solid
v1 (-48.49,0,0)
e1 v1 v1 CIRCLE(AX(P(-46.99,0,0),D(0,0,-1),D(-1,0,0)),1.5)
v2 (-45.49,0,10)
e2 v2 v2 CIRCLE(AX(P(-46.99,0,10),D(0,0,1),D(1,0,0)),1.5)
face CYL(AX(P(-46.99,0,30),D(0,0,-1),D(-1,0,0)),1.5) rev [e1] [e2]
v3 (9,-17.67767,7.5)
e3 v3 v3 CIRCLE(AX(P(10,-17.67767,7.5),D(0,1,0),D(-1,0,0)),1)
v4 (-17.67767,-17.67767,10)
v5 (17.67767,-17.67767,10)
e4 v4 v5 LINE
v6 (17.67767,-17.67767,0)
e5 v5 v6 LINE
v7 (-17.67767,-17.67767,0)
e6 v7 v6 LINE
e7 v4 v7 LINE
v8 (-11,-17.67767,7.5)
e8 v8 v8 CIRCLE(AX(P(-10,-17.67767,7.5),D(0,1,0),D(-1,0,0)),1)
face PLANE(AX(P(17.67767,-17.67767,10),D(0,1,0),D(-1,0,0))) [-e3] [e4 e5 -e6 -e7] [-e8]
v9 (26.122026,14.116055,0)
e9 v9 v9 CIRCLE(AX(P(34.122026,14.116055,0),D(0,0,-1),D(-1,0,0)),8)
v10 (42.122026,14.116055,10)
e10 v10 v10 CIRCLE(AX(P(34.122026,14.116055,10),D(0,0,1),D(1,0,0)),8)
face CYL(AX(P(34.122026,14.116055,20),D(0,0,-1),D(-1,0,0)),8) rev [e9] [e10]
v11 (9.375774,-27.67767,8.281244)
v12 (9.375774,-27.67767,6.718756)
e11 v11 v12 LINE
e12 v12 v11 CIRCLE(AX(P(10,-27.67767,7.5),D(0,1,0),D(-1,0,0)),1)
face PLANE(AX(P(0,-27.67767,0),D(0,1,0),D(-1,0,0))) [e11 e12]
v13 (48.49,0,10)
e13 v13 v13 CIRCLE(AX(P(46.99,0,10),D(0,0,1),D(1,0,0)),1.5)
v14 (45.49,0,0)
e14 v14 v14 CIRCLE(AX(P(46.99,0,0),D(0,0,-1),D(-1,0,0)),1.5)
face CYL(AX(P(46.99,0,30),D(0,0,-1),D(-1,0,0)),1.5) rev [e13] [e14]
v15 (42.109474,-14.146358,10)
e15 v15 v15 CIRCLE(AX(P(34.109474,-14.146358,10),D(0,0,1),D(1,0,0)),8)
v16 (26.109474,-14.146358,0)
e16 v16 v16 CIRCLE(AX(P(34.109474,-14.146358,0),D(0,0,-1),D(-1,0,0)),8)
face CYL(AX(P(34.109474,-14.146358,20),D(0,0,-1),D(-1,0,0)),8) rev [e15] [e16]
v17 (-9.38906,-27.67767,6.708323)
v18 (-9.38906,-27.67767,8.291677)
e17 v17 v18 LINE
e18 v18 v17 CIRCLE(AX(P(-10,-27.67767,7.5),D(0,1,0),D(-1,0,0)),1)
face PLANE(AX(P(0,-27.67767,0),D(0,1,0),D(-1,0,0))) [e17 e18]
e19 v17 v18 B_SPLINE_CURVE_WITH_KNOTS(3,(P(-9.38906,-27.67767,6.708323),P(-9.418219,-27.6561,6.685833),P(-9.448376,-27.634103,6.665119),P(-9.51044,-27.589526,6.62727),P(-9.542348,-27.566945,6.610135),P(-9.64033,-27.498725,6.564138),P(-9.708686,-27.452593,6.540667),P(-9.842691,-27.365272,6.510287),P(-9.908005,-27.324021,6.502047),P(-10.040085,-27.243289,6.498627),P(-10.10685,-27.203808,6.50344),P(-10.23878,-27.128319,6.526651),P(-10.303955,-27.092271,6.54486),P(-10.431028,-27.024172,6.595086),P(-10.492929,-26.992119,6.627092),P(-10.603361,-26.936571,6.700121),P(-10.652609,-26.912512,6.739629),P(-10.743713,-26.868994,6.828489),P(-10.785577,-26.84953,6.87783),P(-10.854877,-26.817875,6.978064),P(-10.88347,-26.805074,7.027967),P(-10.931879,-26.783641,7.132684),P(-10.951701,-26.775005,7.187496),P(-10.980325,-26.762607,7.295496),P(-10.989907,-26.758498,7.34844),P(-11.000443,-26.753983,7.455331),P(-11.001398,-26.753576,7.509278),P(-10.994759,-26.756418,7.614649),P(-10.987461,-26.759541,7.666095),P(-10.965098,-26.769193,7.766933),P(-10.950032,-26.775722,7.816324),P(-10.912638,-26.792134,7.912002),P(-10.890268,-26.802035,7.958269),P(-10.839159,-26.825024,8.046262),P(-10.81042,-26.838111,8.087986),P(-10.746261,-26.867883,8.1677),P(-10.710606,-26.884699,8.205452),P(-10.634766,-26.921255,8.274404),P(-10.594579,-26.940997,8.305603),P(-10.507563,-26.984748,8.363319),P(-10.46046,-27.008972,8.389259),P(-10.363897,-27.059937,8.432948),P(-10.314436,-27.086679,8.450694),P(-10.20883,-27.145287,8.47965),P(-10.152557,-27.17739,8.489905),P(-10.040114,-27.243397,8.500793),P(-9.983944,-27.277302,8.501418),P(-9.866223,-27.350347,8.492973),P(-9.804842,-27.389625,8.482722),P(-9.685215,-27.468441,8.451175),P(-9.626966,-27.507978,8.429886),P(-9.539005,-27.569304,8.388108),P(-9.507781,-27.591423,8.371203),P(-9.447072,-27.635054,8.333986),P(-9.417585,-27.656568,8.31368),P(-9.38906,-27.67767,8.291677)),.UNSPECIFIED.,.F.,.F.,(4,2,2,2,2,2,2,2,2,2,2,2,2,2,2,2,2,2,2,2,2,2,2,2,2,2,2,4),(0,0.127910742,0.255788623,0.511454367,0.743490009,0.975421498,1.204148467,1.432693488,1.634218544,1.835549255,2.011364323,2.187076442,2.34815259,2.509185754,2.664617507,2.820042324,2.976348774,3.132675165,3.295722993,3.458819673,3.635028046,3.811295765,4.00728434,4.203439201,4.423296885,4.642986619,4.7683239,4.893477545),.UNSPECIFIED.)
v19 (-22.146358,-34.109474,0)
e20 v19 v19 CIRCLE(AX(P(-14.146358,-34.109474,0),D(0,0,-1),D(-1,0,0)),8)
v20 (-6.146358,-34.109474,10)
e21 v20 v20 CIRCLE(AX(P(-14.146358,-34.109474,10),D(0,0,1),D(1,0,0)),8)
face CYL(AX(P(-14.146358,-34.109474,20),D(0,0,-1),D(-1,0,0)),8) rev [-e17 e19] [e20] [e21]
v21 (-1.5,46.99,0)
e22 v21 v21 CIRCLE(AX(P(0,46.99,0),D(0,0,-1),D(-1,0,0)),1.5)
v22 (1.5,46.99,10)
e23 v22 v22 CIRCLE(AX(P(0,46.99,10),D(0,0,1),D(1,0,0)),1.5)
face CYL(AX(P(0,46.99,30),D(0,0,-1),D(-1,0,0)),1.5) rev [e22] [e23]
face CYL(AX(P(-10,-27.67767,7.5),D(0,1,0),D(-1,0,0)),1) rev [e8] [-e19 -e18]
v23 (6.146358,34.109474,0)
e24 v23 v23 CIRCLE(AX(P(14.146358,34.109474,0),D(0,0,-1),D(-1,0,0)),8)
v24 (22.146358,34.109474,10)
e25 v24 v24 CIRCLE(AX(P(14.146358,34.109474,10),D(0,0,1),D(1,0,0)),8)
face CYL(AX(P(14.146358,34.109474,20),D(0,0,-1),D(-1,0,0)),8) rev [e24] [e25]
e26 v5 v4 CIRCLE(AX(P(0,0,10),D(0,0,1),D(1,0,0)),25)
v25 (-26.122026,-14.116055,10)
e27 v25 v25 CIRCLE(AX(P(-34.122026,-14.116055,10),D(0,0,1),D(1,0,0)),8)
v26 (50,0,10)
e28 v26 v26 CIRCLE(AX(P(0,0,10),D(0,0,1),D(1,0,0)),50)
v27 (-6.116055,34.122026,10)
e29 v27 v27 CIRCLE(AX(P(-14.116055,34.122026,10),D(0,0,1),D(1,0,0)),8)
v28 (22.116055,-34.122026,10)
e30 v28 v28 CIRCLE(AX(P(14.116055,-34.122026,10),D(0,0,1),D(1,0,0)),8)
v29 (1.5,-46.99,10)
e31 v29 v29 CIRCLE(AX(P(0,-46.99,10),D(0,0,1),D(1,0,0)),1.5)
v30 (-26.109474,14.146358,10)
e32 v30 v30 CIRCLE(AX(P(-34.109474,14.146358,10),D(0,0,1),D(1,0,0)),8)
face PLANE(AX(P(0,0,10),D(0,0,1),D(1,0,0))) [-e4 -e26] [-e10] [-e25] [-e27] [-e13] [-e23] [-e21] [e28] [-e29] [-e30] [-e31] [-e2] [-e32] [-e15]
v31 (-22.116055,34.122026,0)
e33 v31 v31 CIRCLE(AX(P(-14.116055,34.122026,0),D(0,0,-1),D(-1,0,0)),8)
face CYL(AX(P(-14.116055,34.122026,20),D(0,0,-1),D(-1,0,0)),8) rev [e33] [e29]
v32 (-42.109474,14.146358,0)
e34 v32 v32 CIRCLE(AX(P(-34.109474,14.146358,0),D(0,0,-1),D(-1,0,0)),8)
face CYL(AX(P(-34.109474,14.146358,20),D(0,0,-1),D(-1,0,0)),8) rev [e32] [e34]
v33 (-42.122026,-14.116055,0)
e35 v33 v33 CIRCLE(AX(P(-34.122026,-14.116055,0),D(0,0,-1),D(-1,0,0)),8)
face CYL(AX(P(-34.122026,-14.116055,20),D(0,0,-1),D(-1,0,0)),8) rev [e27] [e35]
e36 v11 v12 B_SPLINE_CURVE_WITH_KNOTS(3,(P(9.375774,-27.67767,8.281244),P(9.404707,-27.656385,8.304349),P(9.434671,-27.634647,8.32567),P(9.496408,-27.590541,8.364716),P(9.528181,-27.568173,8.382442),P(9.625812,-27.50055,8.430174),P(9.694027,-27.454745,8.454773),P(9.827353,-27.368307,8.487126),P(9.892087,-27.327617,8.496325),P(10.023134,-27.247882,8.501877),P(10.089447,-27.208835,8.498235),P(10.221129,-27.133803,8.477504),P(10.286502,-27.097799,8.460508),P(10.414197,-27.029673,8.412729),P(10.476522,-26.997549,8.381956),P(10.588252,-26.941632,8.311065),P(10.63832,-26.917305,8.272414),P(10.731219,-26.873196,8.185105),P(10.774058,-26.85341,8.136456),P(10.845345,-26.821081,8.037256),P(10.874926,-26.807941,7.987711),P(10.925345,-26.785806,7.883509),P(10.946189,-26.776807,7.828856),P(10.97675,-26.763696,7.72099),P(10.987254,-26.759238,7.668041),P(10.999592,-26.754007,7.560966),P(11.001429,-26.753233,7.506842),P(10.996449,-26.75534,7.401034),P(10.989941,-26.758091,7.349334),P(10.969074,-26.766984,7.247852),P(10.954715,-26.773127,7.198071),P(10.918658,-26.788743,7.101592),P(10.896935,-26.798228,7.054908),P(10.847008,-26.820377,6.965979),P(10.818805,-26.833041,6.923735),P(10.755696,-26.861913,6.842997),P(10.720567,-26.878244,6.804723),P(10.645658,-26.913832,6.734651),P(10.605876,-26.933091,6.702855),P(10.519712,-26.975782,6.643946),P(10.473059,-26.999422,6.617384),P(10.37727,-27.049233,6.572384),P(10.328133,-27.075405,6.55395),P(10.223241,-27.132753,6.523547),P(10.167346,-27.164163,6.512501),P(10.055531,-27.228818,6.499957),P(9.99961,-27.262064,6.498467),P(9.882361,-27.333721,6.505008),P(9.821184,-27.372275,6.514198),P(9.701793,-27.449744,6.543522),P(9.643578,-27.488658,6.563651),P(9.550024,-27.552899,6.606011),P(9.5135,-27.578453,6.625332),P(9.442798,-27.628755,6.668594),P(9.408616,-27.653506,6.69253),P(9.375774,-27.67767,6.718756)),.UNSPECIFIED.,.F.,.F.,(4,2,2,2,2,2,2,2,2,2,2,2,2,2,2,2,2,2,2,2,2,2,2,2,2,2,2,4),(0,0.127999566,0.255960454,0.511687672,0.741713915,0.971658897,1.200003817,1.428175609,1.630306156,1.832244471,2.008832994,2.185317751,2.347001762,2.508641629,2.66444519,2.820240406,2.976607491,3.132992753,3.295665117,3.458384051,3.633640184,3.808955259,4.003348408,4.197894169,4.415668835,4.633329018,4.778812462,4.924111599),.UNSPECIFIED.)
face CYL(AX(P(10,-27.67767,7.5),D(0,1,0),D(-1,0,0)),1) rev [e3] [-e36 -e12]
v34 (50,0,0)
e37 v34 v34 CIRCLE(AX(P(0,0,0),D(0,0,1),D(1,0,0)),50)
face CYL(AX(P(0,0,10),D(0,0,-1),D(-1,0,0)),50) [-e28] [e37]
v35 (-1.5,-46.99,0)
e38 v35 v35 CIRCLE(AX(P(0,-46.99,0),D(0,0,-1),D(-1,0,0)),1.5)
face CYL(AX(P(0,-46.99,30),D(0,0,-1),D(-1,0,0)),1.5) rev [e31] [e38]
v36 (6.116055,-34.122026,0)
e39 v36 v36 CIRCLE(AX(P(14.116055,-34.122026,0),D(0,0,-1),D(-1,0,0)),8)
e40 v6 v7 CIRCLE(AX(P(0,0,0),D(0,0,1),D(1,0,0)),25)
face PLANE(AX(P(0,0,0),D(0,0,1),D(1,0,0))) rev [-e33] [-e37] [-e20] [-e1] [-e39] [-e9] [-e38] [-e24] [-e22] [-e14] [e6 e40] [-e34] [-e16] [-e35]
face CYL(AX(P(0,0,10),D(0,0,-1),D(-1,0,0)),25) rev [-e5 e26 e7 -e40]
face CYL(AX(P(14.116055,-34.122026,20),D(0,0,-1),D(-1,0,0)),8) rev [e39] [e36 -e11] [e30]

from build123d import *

# Parameters (mm, degrees)
SKETCH1_R           = 50
BOSS_EXTRUDE1_DEPTH = 10
SKETCH3_R           = 8
CUT_EXTRUDE1_DEPTH  = 20
SKETCH4_R           = 1.5
CUT_EXTRUDE2_DEPTH  = 30
SKETCH5_R           = 1
CUT_EXTRUDE3_DEPTH  = 10


with BuildPart() as part:
    # Sketch1 → Boss-Extrude1 (new body)
    with BuildSketch(Plane.XY):
        Circle(SKETCH1_R)
        with BuildLine():
            Line((17.67766953, -17.67766953), (-17.67766953, -17.67766953))
            ThreePointArc((-17.67766953, -17.67766953), (0, 25), (17.67766953, -17.67766953))
        make_face(mode=Mode.SUBTRACT)
    extrude(amount=BOSS_EXTRUDE1_DEPTH)

    # Sketch3 → Cut-Extrude1 (cut)
    with BuildSketch(Plane(origin=(0, 0, 0), x_dir=(-1, 0, 0), z_dir=(0, 0, -1))):
        with Locations((-14.146357726, 34.109474384)):
            Circle(SKETCH3_R)
        with Locations((14.116055163, 34.122026117)):
            Circle(SKETCH3_R)
        with Locations((34.109474384, 14.146357726)):
            Circle(SKETCH3_R)
        with Locations((34.122026117, -14.116055163)):
            Circle(SKETCH3_R)
        with Locations((14.146357726, -34.109474384)):
            Circle(SKETCH3_R)
        with Locations((-14.116055163, -34.122026117)):
            Circle(SKETCH3_R)
        with Locations((-34.109474384, -14.146357726)):
            Circle(SKETCH3_R)
        with Locations((-34.122026117, 14.116055163)):
            Circle(SKETCH3_R)
    extrude(amount=-CUT_EXTRUDE1_DEPTH, mode=Mode.SUBTRACT)

    # Sketch4 → Cut-Extrude2 (cut)
    with BuildSketch(Plane(origin=(0, 0, 0), x_dir=(-1, 0, 0), z_dir=(0, 0, -1))):
        with Locations((0, 46.99)):
            Circle(SKETCH4_R)
        with Locations((46.99, 0)):
            Circle(SKETCH4_R)
        with Locations((0, -46.99)):
            Circle(SKETCH4_R)
        with Locations((-46.99, 0)):
            Circle(SKETCH4_R)
    extrude(amount=-CUT_EXTRUDE2_DEPTH, mode=Mode.SUBTRACT)

    # Sketch5 → Cut-Extrude3 (cut)
    with BuildSketch(Plane(origin=(0, -17.67766953, 0), x_dir=(1, 0, 0), z_dir=(0, 1, 0))):
        with Locations(Location((10, -7.5, 0), (0, 0, 180))):
            Circle(SKETCH5_R)
        with Locations(Location((-10, -7.5, 0), (0, 0, 180))):
            Circle(SKETCH5_R)
    extrude(amount=-CUT_EXTRUDE3_DEPTH, mode=Mode.SUBTRACT)


solid = part.part
